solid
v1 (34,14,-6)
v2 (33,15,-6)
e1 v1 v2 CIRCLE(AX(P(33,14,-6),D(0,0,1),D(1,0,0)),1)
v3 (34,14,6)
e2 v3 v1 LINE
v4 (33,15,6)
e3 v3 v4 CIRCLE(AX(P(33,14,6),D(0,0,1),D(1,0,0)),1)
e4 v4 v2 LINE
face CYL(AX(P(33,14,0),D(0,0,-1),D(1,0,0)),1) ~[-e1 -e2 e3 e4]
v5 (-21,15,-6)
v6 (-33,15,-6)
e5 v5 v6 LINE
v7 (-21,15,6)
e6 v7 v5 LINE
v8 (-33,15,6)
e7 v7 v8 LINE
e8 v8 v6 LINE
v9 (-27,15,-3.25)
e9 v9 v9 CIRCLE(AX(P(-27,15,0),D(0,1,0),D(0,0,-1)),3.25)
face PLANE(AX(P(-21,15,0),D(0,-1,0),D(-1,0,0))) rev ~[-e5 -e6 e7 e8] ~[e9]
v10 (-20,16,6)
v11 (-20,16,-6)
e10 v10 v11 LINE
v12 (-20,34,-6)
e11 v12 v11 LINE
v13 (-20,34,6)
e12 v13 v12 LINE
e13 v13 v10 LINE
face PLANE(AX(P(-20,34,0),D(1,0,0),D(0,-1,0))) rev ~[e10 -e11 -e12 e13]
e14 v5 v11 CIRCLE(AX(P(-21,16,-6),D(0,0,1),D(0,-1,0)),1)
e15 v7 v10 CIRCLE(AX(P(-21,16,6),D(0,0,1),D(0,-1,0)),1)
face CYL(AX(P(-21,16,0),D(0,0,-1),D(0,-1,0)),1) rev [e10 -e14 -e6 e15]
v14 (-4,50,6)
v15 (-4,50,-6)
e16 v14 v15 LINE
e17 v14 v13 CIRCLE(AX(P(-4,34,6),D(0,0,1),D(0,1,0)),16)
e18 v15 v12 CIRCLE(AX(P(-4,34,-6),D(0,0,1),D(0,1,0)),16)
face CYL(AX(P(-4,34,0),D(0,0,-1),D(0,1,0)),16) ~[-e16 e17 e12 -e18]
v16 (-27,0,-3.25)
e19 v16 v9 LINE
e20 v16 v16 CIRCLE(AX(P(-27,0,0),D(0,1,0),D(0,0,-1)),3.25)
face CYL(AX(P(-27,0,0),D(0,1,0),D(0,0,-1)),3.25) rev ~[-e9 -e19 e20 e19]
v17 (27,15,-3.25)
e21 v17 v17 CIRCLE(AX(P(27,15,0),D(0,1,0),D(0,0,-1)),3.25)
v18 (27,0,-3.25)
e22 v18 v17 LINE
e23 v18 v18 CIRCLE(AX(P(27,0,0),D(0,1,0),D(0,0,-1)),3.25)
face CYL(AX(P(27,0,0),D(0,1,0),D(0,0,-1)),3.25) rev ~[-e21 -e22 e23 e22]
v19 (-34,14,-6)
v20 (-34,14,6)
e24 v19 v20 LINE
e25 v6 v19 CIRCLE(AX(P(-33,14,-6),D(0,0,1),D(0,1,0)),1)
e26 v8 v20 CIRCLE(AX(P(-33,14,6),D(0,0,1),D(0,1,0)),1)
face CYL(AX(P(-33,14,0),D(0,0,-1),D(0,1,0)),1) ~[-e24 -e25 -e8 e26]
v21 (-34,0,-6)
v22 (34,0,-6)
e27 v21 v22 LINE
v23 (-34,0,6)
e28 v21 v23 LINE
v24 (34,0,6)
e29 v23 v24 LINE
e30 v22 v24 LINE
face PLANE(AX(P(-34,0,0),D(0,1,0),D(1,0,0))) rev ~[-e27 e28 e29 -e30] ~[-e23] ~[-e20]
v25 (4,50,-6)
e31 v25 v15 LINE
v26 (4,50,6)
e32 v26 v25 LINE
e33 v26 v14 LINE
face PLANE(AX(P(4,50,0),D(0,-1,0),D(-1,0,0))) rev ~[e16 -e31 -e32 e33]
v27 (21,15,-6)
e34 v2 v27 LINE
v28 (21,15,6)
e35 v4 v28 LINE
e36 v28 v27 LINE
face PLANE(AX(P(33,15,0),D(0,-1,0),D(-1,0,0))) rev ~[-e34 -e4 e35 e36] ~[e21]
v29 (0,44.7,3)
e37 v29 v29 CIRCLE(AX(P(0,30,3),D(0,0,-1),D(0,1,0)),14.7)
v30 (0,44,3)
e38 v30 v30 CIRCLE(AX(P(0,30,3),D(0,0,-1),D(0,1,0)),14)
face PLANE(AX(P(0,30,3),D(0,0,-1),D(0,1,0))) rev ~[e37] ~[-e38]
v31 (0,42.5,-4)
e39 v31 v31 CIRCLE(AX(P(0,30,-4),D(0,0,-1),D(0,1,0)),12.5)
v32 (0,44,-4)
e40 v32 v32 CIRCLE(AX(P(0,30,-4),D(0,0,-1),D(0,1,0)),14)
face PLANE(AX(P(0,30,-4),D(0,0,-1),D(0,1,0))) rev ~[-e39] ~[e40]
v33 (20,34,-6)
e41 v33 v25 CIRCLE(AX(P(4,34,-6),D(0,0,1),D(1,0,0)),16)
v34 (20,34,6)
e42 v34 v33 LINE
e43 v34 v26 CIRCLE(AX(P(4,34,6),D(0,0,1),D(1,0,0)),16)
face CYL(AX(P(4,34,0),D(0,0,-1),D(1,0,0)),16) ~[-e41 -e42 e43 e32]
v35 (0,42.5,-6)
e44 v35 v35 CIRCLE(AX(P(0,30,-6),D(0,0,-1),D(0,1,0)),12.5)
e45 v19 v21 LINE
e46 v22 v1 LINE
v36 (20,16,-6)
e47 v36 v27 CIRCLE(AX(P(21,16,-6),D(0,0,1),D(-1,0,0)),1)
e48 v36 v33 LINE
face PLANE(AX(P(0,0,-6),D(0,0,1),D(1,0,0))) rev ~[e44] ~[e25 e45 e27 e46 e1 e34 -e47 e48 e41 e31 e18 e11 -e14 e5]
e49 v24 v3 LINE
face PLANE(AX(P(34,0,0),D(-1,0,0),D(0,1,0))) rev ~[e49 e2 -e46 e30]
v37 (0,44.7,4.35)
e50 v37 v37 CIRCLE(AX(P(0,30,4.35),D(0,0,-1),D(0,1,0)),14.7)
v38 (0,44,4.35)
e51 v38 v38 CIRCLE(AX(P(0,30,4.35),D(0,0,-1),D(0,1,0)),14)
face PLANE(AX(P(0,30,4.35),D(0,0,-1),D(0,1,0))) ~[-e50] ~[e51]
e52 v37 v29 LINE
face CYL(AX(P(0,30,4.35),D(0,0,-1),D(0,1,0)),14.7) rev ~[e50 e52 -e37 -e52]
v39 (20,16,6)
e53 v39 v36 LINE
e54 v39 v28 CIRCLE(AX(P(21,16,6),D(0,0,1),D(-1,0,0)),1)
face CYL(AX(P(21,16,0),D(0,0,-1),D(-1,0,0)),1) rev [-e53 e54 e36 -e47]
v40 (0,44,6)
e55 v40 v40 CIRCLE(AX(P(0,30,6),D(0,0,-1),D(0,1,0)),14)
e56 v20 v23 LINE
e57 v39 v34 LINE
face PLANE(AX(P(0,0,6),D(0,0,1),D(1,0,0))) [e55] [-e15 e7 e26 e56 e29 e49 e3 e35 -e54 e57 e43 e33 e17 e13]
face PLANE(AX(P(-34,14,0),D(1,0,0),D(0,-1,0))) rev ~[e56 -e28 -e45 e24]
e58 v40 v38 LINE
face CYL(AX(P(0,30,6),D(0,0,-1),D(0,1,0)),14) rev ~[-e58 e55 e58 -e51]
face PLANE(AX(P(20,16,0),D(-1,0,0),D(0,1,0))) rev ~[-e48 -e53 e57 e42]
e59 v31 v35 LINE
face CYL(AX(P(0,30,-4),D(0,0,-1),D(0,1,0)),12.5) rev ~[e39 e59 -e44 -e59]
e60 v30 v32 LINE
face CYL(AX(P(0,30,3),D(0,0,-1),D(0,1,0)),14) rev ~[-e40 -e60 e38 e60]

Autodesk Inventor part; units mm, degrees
sketch "Sketch_1" plane through (0, 0, 0) normal (0, 0, 1) x (1, 0, 0)
  line L0 (-34, 14) -> (-34, 0)
  line L1 (-34, 0) -> (34, 0)
  line L2 (34, 0) -> (34, 14)
  arc A0 (34, 14) -> (33, 15) centre (33, 14) ccw
  line L3 (33, 15) -> (21, 15)
  arc A1 (20, 16) -> (21, 15) centre (21, 16) ccw
  line L4 (20, 16) -> (20, 34)
  arc A2 (20, 34) -> (4, 50) centre (4, 34) ccw
  line L5 (4, 50) -> (-4, 50)
  arc A3 (-4, 50) -> (-20, 34) centre (-4, 34) ccw
  line L6 (-20, 34) -> (-20, 16)
  arc A4 (-21, 15) -> (-20, 16) centre (-21, 16) ccw
  line L7 (-21, 15) -> (-33, 15)
  arc A5 (-33, 15) -> (-34, 14) centre (-33, 14) ccw
extrude "Extrusion1" add sketch "Sketch_1" along normal mid plane 12
sketch "Sketch_2" plane through (0, 0, 0) normal (1, 0, 0) x (0, 0, -1)
  line L0 (6, 30) -> (-6, 30)
  line L1 (-6, 30) -> (-6, 44)
  line L2 (-6, 44) -> (-4.35, 44)
  line L3 (-4.35, 44) -> (-4.35, 44.7)
  line L4 (-4.35, 44.7) -> (-3, 44.7)
  line L5 (-3, 44.7) -> (-3, 44)
  line L6 (-3, 44) -> (4, 44)
  line L7 (4, 44) -> (4, 42.5)
  line L8 (4, 42.5) -> (6, 42.5)
  line L9 (6, 42.5) -> (6, 30)
  line L10 (6, 30) -> (-6, 30)
revolve "Revolution1" cut sketch "Sketch_2" angle 360 about axis through (0, 30, -6) along (0, 0, -1)
sketch "Sketch3" plane through (-34, 0, 6) normal (0, -1, 0) x (1, 0, 0)
  point P0 (61, -6)
hole "Hole1" at (27, 0, 0) direction (0, 1, 0) diameter 6.5 depth 15
pattern_linear "Rectangular Pattern1" count 2 spacing 54 along (-1, 0, 0) of "Hole1"
ref_plane "to_bearing_XY" through (0, 30, -4) normal (0, 0, 1) x (1, 0, 0)
ref_plane "to_bearing_YZ" through (0, 30, -4) normal (1, 0, 0) x (0, 1, 0)
ref_plane "to_bearing_ZX" through (0, 30, -4) normal (0, 1, 0) x (0, 0, 1)
ref_plane "to_snapring_XY" through (0, 30, 4.35) normal (0, 0, 1) x (1, 0, 0)
ref_plane "to_snapring_YZ" through (0, 30, 4.35) normal (1, 0, 0) x (0, 1, 0)
ref_plane "to_snapring_ZX" through (0, 30, 4.35) normal (0, 1, 0) x (0, 0, 1)
properties part number "C-BGHKA6902ZZ-30_b_b"
